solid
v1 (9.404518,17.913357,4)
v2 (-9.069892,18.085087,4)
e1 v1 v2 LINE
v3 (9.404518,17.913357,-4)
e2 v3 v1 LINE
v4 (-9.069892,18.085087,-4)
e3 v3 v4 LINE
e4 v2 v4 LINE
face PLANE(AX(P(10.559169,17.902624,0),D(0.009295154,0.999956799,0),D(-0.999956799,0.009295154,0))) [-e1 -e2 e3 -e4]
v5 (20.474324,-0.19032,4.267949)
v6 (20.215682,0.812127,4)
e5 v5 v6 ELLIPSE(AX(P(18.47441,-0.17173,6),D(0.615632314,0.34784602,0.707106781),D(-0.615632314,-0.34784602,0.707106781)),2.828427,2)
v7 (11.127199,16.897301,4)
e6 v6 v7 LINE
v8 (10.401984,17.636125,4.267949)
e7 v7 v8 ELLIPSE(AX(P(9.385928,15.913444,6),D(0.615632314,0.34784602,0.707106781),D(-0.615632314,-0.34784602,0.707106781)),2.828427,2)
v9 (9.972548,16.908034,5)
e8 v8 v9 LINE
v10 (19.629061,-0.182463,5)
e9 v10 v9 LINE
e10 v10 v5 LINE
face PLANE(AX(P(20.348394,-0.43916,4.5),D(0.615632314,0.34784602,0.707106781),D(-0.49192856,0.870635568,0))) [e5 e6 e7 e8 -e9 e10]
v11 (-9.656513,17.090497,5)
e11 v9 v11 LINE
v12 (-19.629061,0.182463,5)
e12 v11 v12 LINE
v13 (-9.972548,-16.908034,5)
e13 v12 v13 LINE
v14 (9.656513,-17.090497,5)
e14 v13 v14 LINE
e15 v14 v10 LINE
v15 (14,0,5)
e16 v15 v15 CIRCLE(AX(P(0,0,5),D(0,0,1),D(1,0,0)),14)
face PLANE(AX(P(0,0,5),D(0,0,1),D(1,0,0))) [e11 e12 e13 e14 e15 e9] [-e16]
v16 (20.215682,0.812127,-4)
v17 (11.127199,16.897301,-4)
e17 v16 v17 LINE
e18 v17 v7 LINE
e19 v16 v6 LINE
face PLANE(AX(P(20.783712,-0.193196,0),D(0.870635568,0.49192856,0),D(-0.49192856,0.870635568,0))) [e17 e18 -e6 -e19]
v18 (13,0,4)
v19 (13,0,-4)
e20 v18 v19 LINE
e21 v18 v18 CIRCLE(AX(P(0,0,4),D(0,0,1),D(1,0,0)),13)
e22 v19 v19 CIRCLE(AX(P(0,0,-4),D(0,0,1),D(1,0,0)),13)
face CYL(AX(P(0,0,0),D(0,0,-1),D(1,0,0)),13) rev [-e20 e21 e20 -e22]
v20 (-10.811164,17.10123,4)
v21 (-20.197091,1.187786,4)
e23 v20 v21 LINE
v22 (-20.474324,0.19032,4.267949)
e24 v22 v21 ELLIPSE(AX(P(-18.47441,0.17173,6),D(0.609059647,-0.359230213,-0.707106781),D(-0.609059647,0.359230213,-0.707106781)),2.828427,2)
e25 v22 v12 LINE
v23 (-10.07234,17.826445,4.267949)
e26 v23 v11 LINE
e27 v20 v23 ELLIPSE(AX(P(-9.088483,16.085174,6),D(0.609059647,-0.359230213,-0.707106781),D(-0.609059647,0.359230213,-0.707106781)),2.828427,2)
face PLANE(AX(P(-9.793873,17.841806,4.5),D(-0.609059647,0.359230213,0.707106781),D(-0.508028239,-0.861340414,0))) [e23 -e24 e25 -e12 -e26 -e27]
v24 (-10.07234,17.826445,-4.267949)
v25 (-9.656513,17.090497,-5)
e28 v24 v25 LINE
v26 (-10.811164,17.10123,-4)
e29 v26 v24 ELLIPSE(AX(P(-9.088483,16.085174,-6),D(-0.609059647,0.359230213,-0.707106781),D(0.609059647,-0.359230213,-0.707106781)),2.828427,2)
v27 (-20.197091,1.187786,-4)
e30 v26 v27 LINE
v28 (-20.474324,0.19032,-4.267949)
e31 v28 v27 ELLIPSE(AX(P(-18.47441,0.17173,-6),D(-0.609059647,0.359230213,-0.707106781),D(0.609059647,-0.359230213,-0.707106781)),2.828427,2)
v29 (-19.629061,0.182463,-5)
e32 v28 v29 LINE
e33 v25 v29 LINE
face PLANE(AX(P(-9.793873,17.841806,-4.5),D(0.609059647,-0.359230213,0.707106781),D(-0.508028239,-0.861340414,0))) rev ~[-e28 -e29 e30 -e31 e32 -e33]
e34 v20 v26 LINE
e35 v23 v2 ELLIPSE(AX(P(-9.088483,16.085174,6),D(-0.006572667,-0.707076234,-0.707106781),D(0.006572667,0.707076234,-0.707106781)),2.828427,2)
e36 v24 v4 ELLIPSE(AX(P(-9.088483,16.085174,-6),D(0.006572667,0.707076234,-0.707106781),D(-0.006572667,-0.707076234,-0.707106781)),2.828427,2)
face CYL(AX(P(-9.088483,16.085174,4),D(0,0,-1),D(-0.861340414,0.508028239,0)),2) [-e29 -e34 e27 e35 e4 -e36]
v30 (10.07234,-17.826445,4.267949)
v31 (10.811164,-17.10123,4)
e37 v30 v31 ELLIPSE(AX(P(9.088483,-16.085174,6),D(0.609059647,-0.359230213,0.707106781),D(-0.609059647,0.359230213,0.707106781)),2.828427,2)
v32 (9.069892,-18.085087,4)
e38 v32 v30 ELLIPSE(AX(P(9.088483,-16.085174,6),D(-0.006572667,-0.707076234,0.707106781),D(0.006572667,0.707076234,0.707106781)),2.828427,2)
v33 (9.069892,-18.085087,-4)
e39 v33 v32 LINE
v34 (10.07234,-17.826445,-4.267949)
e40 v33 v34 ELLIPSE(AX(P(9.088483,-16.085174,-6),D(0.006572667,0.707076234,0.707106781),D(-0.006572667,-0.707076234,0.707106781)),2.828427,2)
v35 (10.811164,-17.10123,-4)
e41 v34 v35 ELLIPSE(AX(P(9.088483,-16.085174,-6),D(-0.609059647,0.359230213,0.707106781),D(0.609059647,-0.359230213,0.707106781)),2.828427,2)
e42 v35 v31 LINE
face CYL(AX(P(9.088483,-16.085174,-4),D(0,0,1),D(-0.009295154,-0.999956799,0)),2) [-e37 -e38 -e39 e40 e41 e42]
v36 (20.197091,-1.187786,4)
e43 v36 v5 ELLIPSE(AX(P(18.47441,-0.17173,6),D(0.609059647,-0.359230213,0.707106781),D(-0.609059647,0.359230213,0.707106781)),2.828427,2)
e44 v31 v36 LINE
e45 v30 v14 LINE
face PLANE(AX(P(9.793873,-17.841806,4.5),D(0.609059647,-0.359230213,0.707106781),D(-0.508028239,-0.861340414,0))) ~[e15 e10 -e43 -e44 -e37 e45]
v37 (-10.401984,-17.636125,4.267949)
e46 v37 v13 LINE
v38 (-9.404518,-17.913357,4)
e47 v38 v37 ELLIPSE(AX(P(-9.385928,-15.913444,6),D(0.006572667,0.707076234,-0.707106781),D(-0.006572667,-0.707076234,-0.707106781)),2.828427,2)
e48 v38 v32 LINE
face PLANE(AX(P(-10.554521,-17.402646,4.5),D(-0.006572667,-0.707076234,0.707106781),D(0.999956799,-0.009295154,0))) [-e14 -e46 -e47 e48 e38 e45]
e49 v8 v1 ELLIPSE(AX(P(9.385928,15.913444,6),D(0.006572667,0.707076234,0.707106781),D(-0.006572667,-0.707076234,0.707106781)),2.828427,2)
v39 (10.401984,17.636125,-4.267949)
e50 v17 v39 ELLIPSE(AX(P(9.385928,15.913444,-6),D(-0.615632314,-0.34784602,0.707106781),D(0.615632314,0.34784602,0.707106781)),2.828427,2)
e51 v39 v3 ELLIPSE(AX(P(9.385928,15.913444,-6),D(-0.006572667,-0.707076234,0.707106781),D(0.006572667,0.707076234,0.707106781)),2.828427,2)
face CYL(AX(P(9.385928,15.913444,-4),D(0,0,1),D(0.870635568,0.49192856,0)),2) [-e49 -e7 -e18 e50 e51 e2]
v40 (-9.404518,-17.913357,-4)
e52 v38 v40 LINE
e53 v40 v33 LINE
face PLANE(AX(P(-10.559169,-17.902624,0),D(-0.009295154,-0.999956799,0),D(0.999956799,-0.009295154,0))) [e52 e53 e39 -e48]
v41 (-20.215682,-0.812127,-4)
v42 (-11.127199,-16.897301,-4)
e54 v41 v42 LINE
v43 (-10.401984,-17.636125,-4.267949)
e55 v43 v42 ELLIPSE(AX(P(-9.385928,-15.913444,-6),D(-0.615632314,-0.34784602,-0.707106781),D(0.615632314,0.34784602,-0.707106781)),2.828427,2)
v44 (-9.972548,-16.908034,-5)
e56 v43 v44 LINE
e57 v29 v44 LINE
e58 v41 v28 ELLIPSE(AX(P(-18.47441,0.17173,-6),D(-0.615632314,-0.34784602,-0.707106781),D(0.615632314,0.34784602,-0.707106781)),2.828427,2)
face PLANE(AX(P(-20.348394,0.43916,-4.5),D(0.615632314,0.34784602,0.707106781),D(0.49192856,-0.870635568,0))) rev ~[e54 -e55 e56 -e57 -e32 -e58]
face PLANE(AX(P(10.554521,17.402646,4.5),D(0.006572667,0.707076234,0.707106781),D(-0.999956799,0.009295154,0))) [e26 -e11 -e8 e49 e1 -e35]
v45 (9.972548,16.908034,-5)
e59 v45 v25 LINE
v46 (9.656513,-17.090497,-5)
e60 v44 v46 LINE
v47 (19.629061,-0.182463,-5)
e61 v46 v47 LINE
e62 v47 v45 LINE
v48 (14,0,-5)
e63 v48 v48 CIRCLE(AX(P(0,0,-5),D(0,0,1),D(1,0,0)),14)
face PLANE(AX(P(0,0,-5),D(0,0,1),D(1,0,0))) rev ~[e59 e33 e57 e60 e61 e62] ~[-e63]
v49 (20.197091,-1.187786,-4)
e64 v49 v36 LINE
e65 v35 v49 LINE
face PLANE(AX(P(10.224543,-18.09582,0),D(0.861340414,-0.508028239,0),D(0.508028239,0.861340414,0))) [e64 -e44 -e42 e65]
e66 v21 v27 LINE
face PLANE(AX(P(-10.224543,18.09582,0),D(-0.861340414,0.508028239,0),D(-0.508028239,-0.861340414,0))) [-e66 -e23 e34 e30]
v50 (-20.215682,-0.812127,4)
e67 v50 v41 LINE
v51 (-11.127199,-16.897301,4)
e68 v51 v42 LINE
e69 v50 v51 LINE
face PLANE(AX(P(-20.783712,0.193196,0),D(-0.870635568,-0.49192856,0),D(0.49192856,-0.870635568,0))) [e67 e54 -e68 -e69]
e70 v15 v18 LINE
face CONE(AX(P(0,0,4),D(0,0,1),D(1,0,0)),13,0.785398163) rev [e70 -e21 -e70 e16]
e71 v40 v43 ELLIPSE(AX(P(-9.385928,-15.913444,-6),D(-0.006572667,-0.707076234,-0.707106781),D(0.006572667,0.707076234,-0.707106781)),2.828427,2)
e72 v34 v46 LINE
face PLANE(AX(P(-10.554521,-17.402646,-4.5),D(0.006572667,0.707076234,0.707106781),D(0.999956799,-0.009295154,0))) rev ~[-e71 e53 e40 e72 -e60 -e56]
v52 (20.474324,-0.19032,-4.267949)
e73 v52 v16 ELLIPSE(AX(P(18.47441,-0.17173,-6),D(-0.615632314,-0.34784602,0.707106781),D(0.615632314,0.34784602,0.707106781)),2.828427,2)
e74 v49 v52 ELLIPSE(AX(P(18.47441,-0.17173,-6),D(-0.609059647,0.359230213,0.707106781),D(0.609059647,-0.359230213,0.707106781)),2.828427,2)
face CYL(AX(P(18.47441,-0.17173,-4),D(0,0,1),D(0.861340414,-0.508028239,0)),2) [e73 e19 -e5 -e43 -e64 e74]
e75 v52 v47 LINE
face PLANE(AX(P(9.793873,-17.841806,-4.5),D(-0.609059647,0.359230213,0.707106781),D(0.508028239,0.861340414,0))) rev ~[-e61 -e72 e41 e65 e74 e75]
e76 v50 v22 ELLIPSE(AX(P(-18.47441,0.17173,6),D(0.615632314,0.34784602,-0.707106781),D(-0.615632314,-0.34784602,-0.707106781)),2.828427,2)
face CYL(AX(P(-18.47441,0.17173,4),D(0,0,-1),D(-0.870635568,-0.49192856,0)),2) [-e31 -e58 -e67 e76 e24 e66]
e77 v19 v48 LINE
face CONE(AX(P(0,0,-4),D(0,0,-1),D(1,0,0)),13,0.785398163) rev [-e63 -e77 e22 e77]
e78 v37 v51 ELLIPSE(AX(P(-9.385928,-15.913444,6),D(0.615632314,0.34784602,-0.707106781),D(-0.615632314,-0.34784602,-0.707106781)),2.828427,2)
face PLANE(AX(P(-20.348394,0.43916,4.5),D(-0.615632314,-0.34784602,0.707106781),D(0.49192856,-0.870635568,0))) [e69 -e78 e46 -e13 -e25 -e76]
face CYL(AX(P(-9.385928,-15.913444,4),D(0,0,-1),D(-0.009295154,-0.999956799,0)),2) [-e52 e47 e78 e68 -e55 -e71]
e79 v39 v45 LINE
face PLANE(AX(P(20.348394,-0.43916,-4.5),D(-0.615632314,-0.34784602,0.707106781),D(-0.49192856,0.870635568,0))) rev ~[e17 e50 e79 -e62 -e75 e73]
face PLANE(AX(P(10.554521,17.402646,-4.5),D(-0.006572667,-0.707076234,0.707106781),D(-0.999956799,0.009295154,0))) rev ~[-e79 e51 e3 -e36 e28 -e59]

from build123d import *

# Parameters (mm, degrees)
F0_R     = 13
F1_DEPTH = 5
F2_SIZE  = 1
F3_R     = 2


with BuildPart() as f1:
    # F0 (on Top) → F1 (new body, symmetric)
    with BuildSketch(Plane.XY):
        Polygon((-10.5591686686, -17.9026243056), (10.2245431088, -18.0958204627), (20.7837117774, -0.193196157), (10.5591686686, 17.9026243056), (-10.2245431088, 18.0958204627), (-20.7837117774, 0.193196157), align=None)
        Circle(F0_R, mode=Mode.SUBTRACT)
    extrude(amount=F1_DEPTH, both=True)

    # F2
    f2_edges = [f1.edges().sort_by_distance(p)[0] for p in [
        (-15.67144, -8.854714, 5),
        (-0.167313, -17.999222, 5),
        (15.504127, -9.144508, 5),
        (15.67144, 8.854714, 5),
        (0.167313, 17.999222, 5),
        (-15.504127, 9.144508, 5),
        (-13, 0, 5),
        (-15.67144, -8.854714, -5),
        (-0.167313, -17.999222, -5),
        (15.504127, -9.144508, -5),
        (15.67144, 8.854714, -5),
        (0.167313, 17.999222, -5),
        (-15.504127, 9.144508, -5),
        (-13, 0, -5),
    ]]
    chamfer(f2_edges, length=F2_SIZE)

    # F3
    f3_edges = [f1.edges().sort_by_distance(p)[0] for p in [
        (10.559169, 17.902624, 0),
        (-10.224543, 18.09582, 0),
        (-20.783712, 0.193196, 0),
        (-10.559169, -17.902624, 0),
        (10.224543, -18.09582, 0),
        (20.783712, -0.193196, 0),
    ]]
    fillet(f3_edges, radius=F3_R)


solid = f1.part
